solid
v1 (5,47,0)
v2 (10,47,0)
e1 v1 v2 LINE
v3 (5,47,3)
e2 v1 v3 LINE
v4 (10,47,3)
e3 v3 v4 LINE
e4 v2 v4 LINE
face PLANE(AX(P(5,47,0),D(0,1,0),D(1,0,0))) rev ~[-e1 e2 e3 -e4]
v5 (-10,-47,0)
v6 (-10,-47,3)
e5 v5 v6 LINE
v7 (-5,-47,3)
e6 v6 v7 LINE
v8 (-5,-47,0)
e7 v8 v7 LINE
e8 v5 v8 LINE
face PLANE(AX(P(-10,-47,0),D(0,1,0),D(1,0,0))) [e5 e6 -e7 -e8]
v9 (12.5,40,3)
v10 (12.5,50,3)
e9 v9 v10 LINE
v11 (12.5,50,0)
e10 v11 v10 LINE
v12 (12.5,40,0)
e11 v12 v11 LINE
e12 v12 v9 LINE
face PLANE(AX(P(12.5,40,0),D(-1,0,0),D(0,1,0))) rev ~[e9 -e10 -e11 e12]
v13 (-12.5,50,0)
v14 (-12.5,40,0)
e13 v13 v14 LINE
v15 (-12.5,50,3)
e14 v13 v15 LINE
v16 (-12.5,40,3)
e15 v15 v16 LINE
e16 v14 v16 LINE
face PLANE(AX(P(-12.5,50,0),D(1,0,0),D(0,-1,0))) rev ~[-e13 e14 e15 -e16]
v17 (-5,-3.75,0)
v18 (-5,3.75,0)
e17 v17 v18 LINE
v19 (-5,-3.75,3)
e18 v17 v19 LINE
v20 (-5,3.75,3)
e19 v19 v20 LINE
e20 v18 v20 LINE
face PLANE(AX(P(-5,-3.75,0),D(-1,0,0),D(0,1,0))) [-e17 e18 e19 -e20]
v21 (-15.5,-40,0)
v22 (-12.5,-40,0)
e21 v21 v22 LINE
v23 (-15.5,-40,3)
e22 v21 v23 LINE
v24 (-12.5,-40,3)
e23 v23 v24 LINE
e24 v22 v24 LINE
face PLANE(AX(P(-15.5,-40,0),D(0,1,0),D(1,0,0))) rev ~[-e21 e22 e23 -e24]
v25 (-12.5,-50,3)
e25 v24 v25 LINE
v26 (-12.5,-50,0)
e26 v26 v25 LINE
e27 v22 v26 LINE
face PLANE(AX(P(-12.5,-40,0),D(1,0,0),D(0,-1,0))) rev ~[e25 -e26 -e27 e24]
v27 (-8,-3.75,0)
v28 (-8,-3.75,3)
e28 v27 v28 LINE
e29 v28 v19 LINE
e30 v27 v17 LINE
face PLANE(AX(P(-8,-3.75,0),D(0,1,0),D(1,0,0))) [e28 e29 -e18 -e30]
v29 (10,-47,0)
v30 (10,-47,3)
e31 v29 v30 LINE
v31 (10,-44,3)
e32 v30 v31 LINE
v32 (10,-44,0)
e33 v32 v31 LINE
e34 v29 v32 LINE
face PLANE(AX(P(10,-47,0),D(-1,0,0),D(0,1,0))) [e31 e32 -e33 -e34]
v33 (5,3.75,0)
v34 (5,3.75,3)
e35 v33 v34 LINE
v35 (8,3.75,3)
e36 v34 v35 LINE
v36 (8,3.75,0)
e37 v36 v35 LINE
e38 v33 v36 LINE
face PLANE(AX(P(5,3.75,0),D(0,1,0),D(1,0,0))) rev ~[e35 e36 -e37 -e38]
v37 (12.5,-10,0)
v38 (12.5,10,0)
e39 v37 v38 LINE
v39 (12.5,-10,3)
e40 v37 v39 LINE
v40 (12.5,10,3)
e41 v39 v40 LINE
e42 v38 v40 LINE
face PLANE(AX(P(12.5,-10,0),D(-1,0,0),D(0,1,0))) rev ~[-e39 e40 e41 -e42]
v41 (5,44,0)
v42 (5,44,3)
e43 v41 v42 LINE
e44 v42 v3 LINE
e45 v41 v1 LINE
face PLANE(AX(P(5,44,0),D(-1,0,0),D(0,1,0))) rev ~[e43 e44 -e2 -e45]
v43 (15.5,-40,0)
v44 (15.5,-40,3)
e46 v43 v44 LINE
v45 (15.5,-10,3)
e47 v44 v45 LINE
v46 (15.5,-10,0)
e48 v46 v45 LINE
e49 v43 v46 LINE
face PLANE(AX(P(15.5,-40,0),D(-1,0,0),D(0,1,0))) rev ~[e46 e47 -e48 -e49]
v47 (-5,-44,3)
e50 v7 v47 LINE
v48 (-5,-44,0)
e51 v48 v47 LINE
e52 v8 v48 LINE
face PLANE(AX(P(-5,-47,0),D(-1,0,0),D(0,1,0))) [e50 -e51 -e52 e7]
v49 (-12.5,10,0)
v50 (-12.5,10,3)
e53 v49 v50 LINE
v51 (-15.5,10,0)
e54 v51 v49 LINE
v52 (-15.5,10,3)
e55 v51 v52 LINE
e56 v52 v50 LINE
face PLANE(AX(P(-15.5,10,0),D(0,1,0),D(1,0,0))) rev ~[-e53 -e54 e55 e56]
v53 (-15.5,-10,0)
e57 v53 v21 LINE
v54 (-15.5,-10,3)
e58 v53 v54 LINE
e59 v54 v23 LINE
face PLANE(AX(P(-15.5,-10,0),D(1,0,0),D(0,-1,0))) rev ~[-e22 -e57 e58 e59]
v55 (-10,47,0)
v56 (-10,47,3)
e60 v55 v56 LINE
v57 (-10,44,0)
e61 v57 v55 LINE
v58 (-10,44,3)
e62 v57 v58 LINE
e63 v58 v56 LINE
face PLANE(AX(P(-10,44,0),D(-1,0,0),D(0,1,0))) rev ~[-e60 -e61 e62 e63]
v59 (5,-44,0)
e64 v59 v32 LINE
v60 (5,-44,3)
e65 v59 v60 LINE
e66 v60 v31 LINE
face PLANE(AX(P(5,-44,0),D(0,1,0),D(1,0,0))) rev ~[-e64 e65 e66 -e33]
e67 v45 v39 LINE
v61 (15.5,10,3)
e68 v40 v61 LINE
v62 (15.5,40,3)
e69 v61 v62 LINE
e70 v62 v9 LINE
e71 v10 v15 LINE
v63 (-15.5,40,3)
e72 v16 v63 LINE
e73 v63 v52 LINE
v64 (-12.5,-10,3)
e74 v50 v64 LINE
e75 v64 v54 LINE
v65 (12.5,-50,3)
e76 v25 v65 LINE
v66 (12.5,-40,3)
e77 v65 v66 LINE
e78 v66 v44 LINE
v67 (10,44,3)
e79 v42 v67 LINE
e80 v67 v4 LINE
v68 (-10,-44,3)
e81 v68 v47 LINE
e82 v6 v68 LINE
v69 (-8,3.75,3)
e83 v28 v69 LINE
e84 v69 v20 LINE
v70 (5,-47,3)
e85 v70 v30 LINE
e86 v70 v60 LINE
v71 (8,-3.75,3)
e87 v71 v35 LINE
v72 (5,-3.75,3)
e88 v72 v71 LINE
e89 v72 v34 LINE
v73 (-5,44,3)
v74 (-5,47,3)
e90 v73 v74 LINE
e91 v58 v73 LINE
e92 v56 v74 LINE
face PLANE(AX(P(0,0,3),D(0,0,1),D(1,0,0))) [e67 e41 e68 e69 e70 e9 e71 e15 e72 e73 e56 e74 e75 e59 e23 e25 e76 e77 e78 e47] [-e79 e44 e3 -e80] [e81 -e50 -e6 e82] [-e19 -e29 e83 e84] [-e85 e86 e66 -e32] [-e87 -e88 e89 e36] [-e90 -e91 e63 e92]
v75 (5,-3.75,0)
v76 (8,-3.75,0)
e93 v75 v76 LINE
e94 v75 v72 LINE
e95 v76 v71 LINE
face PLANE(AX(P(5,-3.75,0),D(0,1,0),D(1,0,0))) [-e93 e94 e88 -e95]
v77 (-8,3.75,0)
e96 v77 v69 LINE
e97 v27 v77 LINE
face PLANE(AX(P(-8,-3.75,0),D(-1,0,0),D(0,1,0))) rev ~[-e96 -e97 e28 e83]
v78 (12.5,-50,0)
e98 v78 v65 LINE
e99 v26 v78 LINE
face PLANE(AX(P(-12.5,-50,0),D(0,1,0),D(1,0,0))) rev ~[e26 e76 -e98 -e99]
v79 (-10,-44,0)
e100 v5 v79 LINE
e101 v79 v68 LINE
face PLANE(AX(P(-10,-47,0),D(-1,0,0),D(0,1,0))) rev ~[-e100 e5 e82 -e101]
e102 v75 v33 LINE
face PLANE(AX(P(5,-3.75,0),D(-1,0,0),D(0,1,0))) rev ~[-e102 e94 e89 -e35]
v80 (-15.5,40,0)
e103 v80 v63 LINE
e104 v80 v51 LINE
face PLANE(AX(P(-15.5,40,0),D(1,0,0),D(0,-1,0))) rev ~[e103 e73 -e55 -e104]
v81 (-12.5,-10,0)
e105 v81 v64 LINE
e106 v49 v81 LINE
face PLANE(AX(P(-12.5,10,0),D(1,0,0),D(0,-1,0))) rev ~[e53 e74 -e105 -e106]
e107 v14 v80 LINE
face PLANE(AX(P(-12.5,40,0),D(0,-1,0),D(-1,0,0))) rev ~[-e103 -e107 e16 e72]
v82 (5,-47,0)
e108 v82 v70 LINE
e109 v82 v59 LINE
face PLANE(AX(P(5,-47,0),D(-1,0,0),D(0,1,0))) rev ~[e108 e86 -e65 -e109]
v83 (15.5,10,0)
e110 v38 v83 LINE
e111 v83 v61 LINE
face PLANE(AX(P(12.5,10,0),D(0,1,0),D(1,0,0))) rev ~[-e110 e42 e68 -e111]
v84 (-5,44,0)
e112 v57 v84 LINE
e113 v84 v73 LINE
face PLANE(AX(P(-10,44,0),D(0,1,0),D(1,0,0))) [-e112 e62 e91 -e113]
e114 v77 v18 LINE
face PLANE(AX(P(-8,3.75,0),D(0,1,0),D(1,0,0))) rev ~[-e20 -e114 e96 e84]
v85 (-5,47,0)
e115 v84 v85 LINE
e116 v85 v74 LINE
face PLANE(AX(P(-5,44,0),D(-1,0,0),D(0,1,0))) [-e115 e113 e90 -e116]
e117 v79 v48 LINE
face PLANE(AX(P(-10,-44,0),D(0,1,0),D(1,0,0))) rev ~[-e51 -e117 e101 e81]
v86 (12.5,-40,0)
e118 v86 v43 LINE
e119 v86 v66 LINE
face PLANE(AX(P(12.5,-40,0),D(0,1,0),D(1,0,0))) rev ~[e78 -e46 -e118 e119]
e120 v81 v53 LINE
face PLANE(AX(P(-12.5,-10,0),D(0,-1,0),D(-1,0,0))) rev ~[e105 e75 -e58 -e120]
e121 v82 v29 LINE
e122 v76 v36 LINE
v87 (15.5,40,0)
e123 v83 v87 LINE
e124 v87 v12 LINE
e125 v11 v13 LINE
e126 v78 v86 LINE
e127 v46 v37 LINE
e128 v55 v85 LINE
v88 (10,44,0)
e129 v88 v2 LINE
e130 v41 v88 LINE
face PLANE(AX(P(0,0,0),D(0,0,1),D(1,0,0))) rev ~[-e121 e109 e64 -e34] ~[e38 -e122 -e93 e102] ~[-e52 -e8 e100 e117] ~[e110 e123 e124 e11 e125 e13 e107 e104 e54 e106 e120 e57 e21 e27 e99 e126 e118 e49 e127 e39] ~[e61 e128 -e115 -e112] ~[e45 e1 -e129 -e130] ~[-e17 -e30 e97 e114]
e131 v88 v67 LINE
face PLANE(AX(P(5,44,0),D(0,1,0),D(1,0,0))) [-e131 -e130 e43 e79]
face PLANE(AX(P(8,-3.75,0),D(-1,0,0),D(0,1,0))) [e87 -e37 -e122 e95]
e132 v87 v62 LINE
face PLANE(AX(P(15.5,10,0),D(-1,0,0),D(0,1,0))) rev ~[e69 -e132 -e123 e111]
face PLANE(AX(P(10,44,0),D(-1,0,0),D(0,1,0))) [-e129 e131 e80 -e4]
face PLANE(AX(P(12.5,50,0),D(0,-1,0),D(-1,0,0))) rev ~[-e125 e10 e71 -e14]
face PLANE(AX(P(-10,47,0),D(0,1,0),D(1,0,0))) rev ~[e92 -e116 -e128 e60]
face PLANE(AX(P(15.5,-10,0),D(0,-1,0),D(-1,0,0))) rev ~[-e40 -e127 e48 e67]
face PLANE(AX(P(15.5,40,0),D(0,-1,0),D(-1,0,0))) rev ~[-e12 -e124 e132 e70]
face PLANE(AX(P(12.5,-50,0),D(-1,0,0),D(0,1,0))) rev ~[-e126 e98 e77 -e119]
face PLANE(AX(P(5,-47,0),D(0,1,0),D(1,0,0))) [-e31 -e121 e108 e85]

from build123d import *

# Parameters (mm, degrees)
F0_W     = 5
F0_H     = 3
F0_W_2   = 3
F0_H_2   = 7.5
F1_DEPTH = 3


with BuildPart() as f1:
    # F0 (on Top) → F1 (new body)
    with BuildSketch(Plane.XY):
        Polygon((12.5, 50), (-12.5, 50), (-12.5, 40), (-15.5, 40), (-15.5, 10), (-12.5, 10), (-12.5, -10), (-15.5, -10), (-15.5, -40), (-12.5, -40), (-12.5, -50), (12.5, -50), (12.5, -40), (15.5, -40), (15.5, -10), (12.5, -10), (12.5, 10), (15.5, 10), (15.5, 40), (12.5, 40), align=None)
        with Locations((-7.5, -45.5)):
            Rectangle(F0_W, F0_H, mode=Mode.SUBTRACT)
        with Locations((7.5, -45.5)):
            Rectangle(F0_W, F0_H, mode=Mode.SUBTRACT)
        with Locations((-6.5, 0)):
            Rectangle(F0_W_2, F0_H_2, mode=Mode.SUBTRACT)
        with Locations((-7.5, 45.5)):
            Rectangle(F0_W, F0_H, mode=Mode.SUBTRACT)
        with Locations((6.5, 0)):
            Rectangle(F0_W_2, F0_H_2, mode=Mode.SUBTRACT)
        with Locations((7.5, 45.5)):
            Rectangle(F0_W, F0_H, mode=Mode.SUBTRACT)
    extrude(amount=F1_DEPTH)


solid = f1.part
